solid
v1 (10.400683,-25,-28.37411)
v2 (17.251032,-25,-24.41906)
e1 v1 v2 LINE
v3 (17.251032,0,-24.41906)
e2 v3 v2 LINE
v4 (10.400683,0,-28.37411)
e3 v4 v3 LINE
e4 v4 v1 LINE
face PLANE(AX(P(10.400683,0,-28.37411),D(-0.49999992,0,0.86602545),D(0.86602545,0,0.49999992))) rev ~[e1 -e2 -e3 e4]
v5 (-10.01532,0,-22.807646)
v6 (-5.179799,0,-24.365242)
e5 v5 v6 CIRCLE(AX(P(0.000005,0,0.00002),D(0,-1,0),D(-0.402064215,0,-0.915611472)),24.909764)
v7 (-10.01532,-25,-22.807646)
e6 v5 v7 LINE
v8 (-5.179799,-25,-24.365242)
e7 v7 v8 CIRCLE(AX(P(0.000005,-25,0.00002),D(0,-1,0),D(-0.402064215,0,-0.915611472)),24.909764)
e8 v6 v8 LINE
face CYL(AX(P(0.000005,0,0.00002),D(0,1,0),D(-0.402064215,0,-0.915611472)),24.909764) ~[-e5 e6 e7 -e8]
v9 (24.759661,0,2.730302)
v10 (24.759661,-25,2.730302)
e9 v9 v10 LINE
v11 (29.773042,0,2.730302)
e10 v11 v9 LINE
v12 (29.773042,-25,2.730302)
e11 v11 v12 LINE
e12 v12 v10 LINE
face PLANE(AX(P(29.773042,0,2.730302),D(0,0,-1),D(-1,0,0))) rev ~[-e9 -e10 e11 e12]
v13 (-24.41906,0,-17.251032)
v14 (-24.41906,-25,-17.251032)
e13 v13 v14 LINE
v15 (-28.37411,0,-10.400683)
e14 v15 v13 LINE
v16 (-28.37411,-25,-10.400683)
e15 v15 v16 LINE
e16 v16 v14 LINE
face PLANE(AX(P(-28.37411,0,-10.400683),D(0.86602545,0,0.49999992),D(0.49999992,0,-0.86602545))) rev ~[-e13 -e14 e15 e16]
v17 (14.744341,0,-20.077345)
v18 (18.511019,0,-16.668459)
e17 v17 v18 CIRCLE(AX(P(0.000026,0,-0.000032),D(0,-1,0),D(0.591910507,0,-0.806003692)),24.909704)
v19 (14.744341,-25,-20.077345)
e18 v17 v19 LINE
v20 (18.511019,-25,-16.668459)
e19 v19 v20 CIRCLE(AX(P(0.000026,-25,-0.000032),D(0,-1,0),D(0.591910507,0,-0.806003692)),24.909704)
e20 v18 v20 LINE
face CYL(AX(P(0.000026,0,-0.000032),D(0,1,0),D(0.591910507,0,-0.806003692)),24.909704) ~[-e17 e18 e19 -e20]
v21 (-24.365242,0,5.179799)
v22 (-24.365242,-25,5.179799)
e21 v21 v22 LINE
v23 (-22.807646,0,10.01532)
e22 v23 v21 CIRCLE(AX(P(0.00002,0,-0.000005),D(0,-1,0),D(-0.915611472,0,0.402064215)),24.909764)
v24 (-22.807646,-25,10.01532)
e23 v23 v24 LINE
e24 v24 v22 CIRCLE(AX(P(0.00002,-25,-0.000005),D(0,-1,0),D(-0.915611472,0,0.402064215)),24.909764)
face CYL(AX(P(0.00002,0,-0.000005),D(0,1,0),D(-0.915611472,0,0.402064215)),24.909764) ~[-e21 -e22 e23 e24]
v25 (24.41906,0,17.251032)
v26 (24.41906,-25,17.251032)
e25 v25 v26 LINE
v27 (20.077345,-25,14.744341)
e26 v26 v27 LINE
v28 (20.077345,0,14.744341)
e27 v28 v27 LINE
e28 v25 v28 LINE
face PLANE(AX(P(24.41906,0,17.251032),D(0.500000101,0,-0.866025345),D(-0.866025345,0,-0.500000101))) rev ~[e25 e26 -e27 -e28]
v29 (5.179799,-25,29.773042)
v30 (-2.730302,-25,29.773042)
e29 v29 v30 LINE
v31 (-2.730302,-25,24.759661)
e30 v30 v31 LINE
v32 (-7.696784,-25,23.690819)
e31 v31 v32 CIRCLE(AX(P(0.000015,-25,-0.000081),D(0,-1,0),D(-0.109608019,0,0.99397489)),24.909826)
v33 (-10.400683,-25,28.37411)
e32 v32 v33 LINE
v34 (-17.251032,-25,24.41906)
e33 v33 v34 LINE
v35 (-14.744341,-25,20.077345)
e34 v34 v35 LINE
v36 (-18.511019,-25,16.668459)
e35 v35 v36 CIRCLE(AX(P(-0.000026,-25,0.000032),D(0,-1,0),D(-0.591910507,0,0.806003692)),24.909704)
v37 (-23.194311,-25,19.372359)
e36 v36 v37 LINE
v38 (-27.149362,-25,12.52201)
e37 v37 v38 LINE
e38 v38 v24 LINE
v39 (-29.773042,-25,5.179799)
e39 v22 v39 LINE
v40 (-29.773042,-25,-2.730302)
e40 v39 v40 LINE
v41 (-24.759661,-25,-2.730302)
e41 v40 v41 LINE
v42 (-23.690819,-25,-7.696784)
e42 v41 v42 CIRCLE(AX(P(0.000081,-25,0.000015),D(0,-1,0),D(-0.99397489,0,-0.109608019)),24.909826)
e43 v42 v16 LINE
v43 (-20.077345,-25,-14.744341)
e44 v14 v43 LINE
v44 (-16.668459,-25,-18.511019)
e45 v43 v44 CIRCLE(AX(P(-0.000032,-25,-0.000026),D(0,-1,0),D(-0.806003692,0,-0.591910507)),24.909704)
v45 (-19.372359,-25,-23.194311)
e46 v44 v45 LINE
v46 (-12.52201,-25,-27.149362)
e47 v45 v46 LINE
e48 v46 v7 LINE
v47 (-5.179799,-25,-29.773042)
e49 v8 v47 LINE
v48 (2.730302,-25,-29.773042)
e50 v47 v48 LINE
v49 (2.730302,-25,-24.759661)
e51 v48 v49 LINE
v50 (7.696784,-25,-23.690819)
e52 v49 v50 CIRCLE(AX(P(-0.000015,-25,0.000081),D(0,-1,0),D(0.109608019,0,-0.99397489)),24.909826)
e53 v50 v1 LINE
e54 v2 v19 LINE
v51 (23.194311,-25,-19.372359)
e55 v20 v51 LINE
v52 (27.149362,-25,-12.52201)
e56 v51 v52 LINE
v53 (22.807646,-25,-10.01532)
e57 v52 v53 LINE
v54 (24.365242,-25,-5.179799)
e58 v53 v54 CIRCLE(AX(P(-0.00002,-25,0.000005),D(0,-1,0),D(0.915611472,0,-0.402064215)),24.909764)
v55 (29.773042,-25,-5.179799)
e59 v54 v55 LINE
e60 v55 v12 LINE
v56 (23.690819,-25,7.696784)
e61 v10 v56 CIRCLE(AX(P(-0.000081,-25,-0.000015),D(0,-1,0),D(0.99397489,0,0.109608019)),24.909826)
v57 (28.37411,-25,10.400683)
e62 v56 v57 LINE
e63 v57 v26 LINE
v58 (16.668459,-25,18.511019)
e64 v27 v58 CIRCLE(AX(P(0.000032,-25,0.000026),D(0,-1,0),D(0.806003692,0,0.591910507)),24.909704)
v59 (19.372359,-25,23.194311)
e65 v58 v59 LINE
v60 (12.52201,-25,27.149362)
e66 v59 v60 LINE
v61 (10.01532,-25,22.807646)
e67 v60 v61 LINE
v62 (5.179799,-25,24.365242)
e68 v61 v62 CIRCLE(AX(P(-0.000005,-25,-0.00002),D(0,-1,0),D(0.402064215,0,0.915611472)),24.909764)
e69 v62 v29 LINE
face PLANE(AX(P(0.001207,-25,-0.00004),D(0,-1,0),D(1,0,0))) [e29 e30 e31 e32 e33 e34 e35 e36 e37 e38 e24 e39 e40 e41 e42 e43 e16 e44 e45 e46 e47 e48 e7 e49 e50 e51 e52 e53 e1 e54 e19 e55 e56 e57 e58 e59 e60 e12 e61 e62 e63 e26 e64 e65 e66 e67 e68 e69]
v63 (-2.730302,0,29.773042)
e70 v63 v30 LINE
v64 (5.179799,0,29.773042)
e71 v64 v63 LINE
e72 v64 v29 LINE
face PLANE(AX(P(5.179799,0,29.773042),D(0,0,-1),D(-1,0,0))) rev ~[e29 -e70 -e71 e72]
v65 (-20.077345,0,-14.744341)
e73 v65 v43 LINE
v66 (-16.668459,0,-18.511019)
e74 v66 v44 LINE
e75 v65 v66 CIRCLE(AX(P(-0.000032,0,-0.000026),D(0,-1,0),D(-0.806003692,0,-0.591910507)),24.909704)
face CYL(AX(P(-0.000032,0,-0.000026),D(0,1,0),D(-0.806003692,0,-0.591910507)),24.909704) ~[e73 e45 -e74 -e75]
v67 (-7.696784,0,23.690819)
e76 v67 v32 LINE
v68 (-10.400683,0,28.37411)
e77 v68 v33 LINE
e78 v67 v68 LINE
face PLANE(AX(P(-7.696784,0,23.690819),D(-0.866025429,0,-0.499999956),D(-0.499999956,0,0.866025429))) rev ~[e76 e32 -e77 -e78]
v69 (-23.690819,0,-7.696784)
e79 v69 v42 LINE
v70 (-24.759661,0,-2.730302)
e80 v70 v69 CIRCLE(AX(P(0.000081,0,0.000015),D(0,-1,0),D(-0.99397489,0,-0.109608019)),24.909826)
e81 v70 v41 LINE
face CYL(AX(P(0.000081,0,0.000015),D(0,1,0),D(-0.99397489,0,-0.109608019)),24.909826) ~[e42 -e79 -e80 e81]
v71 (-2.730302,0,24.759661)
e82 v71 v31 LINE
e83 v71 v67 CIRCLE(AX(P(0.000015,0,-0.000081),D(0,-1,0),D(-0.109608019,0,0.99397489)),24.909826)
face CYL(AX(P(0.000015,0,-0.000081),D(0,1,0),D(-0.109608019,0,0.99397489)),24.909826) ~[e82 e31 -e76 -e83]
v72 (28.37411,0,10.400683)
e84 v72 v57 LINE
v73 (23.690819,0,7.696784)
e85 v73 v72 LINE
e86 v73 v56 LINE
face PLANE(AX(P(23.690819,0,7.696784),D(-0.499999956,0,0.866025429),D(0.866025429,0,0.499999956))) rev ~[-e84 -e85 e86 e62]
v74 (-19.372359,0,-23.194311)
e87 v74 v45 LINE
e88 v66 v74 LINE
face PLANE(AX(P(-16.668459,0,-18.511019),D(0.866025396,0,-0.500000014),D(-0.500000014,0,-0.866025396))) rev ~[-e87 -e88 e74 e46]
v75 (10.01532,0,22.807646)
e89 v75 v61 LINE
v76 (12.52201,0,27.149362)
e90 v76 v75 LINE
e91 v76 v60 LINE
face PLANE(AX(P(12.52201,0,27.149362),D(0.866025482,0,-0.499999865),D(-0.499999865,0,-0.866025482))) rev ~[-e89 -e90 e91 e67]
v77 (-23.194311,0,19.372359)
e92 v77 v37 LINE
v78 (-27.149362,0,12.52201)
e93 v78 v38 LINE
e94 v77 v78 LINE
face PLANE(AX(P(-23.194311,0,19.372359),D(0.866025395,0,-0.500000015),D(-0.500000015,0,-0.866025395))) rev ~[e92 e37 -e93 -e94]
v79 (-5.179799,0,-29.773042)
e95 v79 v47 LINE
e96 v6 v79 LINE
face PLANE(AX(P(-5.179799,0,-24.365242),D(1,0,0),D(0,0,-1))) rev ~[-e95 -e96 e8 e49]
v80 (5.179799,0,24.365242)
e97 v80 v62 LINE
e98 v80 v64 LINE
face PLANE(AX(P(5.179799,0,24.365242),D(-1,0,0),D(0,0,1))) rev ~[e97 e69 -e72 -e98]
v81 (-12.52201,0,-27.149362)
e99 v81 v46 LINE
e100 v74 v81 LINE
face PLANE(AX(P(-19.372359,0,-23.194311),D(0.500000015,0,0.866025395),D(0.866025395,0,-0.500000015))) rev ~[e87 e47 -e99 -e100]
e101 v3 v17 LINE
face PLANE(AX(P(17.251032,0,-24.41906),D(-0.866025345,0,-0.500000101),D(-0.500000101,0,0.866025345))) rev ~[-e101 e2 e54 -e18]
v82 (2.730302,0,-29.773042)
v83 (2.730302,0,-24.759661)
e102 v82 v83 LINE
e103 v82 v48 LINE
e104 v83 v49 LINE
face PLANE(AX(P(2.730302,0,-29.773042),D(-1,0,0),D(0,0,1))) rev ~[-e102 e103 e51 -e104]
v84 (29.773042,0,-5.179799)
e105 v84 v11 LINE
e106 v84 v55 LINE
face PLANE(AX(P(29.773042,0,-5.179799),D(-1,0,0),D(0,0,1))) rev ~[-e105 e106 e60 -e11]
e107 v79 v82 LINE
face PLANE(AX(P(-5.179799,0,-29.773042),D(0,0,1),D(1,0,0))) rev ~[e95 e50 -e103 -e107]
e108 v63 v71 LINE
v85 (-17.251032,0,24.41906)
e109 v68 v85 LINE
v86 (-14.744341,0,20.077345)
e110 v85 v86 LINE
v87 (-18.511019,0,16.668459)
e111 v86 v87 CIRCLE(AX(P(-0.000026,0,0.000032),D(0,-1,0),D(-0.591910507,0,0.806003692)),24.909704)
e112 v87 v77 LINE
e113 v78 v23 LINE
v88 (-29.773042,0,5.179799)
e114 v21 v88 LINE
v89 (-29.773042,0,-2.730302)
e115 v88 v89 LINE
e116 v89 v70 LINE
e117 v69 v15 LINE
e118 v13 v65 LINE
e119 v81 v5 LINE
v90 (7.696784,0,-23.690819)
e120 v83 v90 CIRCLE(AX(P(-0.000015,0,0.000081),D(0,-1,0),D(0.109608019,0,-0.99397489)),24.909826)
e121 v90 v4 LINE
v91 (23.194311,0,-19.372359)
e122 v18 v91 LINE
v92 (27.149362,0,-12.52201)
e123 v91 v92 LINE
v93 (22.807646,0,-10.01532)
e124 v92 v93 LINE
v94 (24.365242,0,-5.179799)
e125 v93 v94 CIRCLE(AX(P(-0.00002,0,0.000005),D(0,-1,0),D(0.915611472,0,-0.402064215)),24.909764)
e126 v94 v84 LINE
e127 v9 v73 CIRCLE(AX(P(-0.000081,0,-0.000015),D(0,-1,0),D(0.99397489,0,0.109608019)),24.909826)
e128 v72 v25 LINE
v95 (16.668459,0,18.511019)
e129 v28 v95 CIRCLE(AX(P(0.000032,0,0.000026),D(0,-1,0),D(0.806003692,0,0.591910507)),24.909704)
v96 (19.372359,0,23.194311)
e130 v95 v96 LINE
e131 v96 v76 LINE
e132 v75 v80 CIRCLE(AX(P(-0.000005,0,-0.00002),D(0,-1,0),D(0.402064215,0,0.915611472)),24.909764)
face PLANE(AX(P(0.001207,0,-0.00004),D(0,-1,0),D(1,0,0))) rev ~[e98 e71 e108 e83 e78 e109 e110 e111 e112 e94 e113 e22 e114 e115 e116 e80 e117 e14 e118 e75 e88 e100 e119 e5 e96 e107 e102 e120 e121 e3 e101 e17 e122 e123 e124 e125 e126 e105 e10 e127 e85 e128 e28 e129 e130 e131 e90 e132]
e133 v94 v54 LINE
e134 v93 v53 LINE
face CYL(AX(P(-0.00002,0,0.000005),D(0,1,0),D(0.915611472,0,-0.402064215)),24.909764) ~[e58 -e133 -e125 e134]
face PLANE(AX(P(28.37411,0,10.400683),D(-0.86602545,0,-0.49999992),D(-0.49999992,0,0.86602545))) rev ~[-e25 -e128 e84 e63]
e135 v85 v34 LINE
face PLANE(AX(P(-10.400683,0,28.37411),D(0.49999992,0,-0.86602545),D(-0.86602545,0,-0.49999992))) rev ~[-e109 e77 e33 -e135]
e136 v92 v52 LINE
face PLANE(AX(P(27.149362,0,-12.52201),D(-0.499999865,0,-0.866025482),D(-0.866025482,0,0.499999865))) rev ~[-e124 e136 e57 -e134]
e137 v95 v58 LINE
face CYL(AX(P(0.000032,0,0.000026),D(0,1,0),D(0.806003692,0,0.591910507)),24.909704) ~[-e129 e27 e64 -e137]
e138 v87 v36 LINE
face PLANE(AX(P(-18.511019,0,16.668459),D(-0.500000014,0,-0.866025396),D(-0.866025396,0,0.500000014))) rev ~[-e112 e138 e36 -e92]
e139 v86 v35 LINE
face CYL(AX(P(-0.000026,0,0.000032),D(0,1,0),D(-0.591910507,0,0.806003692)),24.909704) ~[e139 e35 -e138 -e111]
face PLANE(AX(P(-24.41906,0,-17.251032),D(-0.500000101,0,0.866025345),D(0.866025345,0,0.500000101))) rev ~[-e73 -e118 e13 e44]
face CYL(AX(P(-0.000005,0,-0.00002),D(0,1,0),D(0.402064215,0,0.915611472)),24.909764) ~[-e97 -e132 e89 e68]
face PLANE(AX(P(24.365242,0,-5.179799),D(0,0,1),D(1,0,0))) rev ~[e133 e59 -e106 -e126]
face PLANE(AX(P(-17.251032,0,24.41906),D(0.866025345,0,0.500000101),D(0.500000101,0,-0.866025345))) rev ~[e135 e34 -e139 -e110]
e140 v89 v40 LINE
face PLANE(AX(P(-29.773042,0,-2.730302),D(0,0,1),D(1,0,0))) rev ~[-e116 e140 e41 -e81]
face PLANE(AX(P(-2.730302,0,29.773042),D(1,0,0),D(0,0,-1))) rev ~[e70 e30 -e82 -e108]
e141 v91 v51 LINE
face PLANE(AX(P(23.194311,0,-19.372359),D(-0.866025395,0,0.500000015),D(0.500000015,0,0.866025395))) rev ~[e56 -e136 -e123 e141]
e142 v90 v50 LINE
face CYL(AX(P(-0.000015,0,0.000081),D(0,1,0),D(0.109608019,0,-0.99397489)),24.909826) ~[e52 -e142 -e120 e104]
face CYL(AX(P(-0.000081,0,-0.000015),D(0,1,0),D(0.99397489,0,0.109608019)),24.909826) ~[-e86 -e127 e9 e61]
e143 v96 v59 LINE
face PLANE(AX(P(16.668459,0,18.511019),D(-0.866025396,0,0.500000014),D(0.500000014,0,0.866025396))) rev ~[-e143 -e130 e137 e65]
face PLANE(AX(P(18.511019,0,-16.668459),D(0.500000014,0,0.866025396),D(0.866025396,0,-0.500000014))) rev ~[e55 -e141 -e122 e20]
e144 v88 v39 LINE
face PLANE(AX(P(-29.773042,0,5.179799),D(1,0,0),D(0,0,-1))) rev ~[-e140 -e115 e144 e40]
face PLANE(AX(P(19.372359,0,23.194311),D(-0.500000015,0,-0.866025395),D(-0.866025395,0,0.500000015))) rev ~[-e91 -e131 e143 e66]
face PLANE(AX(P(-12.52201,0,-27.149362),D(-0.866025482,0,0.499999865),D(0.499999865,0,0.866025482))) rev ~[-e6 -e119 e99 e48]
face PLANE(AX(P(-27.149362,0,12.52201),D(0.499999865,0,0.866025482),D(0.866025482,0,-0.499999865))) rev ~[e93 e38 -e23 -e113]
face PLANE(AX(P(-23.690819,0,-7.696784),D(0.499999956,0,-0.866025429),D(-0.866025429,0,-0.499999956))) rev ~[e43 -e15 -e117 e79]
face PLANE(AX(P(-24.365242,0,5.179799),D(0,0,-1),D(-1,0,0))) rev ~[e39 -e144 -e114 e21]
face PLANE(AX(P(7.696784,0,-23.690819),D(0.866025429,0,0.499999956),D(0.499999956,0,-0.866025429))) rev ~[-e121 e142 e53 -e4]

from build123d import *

# Parameters (mm, degrees)
F1_DEPTH = 25


with BuildPart() as f1:
    # F0 (on Front) → F1 (new body)
    with BuildSketch(Plane.XZ):
        with BuildLine():
            ThreePointArc((24.365242, -5.179799), (24.773245, -2.60417), (24.909744, 0))
            ThreePointArc((24.909744, 0), (24.872195, 1.367212), (24.759661, 2.730302))
            ThreePointArc((24.759661, 2.730302), (24.352181, 5.240862), (23.690819, 7.696784))
            ThreePointArc((23.690819, 7.696784), (22.165966, 11.365092), (20.077345, 14.744341))
            ThreePointArc((20.077345, 14.744341), (18.469177, 16.71481), (16.668459, 18.511019))
            ThreePointArc((16.668459, 18.511019), (13.513744, 20.925441), (10.01532, 22.807646))
            ThreePointArc((10.01532, 22.807646), (7.637371, 23.710038), (5.179799, 24.365242))
            ThreePointArc((5.179799, 24.365242), (1.240525, 24.878836), (-2.730302, 24.759661))
            ThreePointArc((-2.730302, 24.759661), (-5.240862, 24.352181), (-7.696784, 23.690819))
            ThreePointArc((-7.696784, 23.690819), (-11.365092, 22.165966), (-14.744341, 20.077345))
            ThreePointArc((-14.744341, 20.077345), (-16.71481, 18.469177), (-18.511019, 16.668459))
            ThreePointArc((-18.511019, 16.668459), (-20.925441, 13.513744), (-22.807646, 10.01532))
            ThreePointArc((-22.807646, 10.01532), (-23.710038, 7.637371), (-24.365242, 5.179799))
            ThreePointArc((-24.365242, 5.179799), (-24.878836, 1.240525), (-24.759661, -2.730302))
            ThreePointArc((-24.759661, -2.730302), (-24.352181, -5.240862), (-23.690819, -7.696784))
            ThreePointArc((-23.690819, -7.696784), (-22.165966, -11.365092), (-20.077345, -14.744341))
            ThreePointArc((-20.077345, -14.744341), (-18.469177, -16.71481), (-16.668459, -18.511019))
            ThreePointArc((-16.668459, -18.511019), (-13.513744, -20.925441), (-10.01532, -22.807646))
            ThreePointArc((-10.01532, -22.807646), (-7.637371, -23.710038), (-5.179799, -24.365242))
            ThreePointArc((-5.179799, -24.365242), (-1.240525, -24.878836), (2.730302, -24.759661))
            ThreePointArc((2.730302, -24.759661), (5.240862, -24.352181), (7.696784, -23.690819))
            ThreePointArc((7.696784, -23.690819), (11.365092, -22.165966), (14.744341, -20.077345))
            ThreePointArc((14.744341, -20.077345), (16.71481, -18.469177), (18.511019, -16.668459))
            ThreePointArc((18.511019, -16.668459), (20.925441, -13.513744), (22.807646, -10.01532))
            ThreePointArc((22.807646, -10.01532), (23.710038, -7.637371), (24.365242, -5.179799))
        make_face()
        with BuildLine():
            ThreePointArc((24.759661, 2.730302), (24.872195, 1.367212), (24.909744, 0))
            ThreePointArc((24.909744, 0), (24.773245, -2.60417), (24.365242, -5.179799))
            Line((24.365242, -5.179799), (29.773042, -5.179799))
            Line((29.773042, -5.179799), (29.773042, 2.730302))
            Line((29.773042, 2.730302), (24.759661, 2.730302))
        make_face()
        with BuildLine():
            ThreePointArc((20.077345, 14.744341), (22.165966, 11.365092), (23.690819, 7.696784))
            Line((23.690819, 7.696784), (28.37411, 10.400683))
            Line((28.37411, 10.400683), (24.41906, 17.251032))
            Line((24.41906, 17.251032), (20.077345, 14.744341))
        make_face()
        with BuildLine():
            Line((27.149362, -12.52201), (22.807646, -10.01532))
            ThreePointArc((22.807646, -10.01532), (20.925441, -13.513744), (18.511019, -16.668459))
            Line((18.511019, -16.668459), (23.194311, -19.372359))
            Line((23.194311, -19.372359), (27.149362, -12.52201))
        make_face()
        with BuildLine():
            ThreePointArc((10.01532, 22.807646), (13.513744, 20.925441), (16.668459, 18.511019))
            Line((16.668459, 18.511019), (19.372359, 23.194311))
            Line((19.372359, 23.194311), (12.52201, 27.149362))
            Line((12.52201, 27.149362), (10.01532, 22.807646))
        make_face()
        with BuildLine():
            Line((17.251032, -24.41906), (14.744341, -20.077345))
            ThreePointArc((14.744341, -20.077345), (11.365092, -22.165966), (7.696784, -23.690819))
            Line((7.696784, -23.690819), (10.400683, -28.37411))
            Line((10.400683, -28.37411), (17.251032, -24.41906))
        make_face()
        with BuildLine():
            ThreePointArc((-2.730302, 24.759661), (1.240525, 24.878836), (5.179799, 24.365242))
            Line((5.179799, 24.365242), (5.179799, 29.773042))
            Line((5.179799, 29.773042), (-2.730302, 29.773042))
            Line((-2.730302, 29.773042), (-2.730302, 24.759661))
        make_face()
        with BuildLine():
            Line((2.730302, -29.773042), (2.730302, -24.759661))
            ThreePointArc((2.730302, -24.759661), (-1.240525, -24.878836), (-5.179799, -24.365242))
            Line((-5.179799, -24.365242), (-5.179799, -29.773042))
            Line((-5.179799, -29.773042), (2.730302, -29.773042))
        make_face()
        with BuildLine():
            ThreePointArc((-14.744341, 20.077345), (-11.365092, 22.165966), (-7.696784, 23.690819))
            Line((-7.696784, 23.690819), (-10.400683, 28.37411))
            Line((-10.400683, 28.37411), (-17.251032, 24.41906))
            Line((-17.251032, 24.41906), (-14.744341, 20.077345))
        make_face()
        with BuildLine():
            Line((-12.52201, -27.149362), (-10.01532, -22.807646))
            ThreePointArc((-10.01532, -22.807646), (-13.513744, -20.925441), (-16.668459, -18.511019))
            Line((-16.668459, -18.511019), (-19.372359, -23.194311))
            Line((-19.372359, -23.194311), (-12.52201, -27.149362))
        make_face()
        with BuildLine():
            ThreePointArc((-22.807646, 10.01532), (-20.925441, 13.513744), (-18.511019, 16.668459))
            Line((-18.511019, 16.668459), (-23.194311, 19.372359))
            Line((-23.194311, 19.372359), (-27.149362, 12.52201))
            Line((-27.149362, 12.52201), (-22.807646, 10.01532))
        make_face()
        with BuildLine():
            Line((-24.41906, -17.251032), (-20.077345, -14.744341))
            ThreePointArc((-20.077345, -14.744341), (-22.165966, -11.365092), (-23.690819, -7.696784))
            Line((-23.690819, -7.696784), (-28.37411, -10.400683))
            Line((-28.37411, -10.400683), (-24.41906, -17.251032))
        make_face()
        with BuildLine():
            ThreePointArc((-24.759661, -2.730302), (-24.878836, 1.240525), (-24.365242, 5.179799))
            Line((-24.365242, 5.179799), (-29.773042, 5.179799))
            Line((-29.773042, 5.179799), (-29.773042, -2.730302))
            Line((-29.773042, -2.730302), (-24.759661, -2.730302))
        make_face()
    extrude(amount=F1_DEPTH)


solid = f1.part
